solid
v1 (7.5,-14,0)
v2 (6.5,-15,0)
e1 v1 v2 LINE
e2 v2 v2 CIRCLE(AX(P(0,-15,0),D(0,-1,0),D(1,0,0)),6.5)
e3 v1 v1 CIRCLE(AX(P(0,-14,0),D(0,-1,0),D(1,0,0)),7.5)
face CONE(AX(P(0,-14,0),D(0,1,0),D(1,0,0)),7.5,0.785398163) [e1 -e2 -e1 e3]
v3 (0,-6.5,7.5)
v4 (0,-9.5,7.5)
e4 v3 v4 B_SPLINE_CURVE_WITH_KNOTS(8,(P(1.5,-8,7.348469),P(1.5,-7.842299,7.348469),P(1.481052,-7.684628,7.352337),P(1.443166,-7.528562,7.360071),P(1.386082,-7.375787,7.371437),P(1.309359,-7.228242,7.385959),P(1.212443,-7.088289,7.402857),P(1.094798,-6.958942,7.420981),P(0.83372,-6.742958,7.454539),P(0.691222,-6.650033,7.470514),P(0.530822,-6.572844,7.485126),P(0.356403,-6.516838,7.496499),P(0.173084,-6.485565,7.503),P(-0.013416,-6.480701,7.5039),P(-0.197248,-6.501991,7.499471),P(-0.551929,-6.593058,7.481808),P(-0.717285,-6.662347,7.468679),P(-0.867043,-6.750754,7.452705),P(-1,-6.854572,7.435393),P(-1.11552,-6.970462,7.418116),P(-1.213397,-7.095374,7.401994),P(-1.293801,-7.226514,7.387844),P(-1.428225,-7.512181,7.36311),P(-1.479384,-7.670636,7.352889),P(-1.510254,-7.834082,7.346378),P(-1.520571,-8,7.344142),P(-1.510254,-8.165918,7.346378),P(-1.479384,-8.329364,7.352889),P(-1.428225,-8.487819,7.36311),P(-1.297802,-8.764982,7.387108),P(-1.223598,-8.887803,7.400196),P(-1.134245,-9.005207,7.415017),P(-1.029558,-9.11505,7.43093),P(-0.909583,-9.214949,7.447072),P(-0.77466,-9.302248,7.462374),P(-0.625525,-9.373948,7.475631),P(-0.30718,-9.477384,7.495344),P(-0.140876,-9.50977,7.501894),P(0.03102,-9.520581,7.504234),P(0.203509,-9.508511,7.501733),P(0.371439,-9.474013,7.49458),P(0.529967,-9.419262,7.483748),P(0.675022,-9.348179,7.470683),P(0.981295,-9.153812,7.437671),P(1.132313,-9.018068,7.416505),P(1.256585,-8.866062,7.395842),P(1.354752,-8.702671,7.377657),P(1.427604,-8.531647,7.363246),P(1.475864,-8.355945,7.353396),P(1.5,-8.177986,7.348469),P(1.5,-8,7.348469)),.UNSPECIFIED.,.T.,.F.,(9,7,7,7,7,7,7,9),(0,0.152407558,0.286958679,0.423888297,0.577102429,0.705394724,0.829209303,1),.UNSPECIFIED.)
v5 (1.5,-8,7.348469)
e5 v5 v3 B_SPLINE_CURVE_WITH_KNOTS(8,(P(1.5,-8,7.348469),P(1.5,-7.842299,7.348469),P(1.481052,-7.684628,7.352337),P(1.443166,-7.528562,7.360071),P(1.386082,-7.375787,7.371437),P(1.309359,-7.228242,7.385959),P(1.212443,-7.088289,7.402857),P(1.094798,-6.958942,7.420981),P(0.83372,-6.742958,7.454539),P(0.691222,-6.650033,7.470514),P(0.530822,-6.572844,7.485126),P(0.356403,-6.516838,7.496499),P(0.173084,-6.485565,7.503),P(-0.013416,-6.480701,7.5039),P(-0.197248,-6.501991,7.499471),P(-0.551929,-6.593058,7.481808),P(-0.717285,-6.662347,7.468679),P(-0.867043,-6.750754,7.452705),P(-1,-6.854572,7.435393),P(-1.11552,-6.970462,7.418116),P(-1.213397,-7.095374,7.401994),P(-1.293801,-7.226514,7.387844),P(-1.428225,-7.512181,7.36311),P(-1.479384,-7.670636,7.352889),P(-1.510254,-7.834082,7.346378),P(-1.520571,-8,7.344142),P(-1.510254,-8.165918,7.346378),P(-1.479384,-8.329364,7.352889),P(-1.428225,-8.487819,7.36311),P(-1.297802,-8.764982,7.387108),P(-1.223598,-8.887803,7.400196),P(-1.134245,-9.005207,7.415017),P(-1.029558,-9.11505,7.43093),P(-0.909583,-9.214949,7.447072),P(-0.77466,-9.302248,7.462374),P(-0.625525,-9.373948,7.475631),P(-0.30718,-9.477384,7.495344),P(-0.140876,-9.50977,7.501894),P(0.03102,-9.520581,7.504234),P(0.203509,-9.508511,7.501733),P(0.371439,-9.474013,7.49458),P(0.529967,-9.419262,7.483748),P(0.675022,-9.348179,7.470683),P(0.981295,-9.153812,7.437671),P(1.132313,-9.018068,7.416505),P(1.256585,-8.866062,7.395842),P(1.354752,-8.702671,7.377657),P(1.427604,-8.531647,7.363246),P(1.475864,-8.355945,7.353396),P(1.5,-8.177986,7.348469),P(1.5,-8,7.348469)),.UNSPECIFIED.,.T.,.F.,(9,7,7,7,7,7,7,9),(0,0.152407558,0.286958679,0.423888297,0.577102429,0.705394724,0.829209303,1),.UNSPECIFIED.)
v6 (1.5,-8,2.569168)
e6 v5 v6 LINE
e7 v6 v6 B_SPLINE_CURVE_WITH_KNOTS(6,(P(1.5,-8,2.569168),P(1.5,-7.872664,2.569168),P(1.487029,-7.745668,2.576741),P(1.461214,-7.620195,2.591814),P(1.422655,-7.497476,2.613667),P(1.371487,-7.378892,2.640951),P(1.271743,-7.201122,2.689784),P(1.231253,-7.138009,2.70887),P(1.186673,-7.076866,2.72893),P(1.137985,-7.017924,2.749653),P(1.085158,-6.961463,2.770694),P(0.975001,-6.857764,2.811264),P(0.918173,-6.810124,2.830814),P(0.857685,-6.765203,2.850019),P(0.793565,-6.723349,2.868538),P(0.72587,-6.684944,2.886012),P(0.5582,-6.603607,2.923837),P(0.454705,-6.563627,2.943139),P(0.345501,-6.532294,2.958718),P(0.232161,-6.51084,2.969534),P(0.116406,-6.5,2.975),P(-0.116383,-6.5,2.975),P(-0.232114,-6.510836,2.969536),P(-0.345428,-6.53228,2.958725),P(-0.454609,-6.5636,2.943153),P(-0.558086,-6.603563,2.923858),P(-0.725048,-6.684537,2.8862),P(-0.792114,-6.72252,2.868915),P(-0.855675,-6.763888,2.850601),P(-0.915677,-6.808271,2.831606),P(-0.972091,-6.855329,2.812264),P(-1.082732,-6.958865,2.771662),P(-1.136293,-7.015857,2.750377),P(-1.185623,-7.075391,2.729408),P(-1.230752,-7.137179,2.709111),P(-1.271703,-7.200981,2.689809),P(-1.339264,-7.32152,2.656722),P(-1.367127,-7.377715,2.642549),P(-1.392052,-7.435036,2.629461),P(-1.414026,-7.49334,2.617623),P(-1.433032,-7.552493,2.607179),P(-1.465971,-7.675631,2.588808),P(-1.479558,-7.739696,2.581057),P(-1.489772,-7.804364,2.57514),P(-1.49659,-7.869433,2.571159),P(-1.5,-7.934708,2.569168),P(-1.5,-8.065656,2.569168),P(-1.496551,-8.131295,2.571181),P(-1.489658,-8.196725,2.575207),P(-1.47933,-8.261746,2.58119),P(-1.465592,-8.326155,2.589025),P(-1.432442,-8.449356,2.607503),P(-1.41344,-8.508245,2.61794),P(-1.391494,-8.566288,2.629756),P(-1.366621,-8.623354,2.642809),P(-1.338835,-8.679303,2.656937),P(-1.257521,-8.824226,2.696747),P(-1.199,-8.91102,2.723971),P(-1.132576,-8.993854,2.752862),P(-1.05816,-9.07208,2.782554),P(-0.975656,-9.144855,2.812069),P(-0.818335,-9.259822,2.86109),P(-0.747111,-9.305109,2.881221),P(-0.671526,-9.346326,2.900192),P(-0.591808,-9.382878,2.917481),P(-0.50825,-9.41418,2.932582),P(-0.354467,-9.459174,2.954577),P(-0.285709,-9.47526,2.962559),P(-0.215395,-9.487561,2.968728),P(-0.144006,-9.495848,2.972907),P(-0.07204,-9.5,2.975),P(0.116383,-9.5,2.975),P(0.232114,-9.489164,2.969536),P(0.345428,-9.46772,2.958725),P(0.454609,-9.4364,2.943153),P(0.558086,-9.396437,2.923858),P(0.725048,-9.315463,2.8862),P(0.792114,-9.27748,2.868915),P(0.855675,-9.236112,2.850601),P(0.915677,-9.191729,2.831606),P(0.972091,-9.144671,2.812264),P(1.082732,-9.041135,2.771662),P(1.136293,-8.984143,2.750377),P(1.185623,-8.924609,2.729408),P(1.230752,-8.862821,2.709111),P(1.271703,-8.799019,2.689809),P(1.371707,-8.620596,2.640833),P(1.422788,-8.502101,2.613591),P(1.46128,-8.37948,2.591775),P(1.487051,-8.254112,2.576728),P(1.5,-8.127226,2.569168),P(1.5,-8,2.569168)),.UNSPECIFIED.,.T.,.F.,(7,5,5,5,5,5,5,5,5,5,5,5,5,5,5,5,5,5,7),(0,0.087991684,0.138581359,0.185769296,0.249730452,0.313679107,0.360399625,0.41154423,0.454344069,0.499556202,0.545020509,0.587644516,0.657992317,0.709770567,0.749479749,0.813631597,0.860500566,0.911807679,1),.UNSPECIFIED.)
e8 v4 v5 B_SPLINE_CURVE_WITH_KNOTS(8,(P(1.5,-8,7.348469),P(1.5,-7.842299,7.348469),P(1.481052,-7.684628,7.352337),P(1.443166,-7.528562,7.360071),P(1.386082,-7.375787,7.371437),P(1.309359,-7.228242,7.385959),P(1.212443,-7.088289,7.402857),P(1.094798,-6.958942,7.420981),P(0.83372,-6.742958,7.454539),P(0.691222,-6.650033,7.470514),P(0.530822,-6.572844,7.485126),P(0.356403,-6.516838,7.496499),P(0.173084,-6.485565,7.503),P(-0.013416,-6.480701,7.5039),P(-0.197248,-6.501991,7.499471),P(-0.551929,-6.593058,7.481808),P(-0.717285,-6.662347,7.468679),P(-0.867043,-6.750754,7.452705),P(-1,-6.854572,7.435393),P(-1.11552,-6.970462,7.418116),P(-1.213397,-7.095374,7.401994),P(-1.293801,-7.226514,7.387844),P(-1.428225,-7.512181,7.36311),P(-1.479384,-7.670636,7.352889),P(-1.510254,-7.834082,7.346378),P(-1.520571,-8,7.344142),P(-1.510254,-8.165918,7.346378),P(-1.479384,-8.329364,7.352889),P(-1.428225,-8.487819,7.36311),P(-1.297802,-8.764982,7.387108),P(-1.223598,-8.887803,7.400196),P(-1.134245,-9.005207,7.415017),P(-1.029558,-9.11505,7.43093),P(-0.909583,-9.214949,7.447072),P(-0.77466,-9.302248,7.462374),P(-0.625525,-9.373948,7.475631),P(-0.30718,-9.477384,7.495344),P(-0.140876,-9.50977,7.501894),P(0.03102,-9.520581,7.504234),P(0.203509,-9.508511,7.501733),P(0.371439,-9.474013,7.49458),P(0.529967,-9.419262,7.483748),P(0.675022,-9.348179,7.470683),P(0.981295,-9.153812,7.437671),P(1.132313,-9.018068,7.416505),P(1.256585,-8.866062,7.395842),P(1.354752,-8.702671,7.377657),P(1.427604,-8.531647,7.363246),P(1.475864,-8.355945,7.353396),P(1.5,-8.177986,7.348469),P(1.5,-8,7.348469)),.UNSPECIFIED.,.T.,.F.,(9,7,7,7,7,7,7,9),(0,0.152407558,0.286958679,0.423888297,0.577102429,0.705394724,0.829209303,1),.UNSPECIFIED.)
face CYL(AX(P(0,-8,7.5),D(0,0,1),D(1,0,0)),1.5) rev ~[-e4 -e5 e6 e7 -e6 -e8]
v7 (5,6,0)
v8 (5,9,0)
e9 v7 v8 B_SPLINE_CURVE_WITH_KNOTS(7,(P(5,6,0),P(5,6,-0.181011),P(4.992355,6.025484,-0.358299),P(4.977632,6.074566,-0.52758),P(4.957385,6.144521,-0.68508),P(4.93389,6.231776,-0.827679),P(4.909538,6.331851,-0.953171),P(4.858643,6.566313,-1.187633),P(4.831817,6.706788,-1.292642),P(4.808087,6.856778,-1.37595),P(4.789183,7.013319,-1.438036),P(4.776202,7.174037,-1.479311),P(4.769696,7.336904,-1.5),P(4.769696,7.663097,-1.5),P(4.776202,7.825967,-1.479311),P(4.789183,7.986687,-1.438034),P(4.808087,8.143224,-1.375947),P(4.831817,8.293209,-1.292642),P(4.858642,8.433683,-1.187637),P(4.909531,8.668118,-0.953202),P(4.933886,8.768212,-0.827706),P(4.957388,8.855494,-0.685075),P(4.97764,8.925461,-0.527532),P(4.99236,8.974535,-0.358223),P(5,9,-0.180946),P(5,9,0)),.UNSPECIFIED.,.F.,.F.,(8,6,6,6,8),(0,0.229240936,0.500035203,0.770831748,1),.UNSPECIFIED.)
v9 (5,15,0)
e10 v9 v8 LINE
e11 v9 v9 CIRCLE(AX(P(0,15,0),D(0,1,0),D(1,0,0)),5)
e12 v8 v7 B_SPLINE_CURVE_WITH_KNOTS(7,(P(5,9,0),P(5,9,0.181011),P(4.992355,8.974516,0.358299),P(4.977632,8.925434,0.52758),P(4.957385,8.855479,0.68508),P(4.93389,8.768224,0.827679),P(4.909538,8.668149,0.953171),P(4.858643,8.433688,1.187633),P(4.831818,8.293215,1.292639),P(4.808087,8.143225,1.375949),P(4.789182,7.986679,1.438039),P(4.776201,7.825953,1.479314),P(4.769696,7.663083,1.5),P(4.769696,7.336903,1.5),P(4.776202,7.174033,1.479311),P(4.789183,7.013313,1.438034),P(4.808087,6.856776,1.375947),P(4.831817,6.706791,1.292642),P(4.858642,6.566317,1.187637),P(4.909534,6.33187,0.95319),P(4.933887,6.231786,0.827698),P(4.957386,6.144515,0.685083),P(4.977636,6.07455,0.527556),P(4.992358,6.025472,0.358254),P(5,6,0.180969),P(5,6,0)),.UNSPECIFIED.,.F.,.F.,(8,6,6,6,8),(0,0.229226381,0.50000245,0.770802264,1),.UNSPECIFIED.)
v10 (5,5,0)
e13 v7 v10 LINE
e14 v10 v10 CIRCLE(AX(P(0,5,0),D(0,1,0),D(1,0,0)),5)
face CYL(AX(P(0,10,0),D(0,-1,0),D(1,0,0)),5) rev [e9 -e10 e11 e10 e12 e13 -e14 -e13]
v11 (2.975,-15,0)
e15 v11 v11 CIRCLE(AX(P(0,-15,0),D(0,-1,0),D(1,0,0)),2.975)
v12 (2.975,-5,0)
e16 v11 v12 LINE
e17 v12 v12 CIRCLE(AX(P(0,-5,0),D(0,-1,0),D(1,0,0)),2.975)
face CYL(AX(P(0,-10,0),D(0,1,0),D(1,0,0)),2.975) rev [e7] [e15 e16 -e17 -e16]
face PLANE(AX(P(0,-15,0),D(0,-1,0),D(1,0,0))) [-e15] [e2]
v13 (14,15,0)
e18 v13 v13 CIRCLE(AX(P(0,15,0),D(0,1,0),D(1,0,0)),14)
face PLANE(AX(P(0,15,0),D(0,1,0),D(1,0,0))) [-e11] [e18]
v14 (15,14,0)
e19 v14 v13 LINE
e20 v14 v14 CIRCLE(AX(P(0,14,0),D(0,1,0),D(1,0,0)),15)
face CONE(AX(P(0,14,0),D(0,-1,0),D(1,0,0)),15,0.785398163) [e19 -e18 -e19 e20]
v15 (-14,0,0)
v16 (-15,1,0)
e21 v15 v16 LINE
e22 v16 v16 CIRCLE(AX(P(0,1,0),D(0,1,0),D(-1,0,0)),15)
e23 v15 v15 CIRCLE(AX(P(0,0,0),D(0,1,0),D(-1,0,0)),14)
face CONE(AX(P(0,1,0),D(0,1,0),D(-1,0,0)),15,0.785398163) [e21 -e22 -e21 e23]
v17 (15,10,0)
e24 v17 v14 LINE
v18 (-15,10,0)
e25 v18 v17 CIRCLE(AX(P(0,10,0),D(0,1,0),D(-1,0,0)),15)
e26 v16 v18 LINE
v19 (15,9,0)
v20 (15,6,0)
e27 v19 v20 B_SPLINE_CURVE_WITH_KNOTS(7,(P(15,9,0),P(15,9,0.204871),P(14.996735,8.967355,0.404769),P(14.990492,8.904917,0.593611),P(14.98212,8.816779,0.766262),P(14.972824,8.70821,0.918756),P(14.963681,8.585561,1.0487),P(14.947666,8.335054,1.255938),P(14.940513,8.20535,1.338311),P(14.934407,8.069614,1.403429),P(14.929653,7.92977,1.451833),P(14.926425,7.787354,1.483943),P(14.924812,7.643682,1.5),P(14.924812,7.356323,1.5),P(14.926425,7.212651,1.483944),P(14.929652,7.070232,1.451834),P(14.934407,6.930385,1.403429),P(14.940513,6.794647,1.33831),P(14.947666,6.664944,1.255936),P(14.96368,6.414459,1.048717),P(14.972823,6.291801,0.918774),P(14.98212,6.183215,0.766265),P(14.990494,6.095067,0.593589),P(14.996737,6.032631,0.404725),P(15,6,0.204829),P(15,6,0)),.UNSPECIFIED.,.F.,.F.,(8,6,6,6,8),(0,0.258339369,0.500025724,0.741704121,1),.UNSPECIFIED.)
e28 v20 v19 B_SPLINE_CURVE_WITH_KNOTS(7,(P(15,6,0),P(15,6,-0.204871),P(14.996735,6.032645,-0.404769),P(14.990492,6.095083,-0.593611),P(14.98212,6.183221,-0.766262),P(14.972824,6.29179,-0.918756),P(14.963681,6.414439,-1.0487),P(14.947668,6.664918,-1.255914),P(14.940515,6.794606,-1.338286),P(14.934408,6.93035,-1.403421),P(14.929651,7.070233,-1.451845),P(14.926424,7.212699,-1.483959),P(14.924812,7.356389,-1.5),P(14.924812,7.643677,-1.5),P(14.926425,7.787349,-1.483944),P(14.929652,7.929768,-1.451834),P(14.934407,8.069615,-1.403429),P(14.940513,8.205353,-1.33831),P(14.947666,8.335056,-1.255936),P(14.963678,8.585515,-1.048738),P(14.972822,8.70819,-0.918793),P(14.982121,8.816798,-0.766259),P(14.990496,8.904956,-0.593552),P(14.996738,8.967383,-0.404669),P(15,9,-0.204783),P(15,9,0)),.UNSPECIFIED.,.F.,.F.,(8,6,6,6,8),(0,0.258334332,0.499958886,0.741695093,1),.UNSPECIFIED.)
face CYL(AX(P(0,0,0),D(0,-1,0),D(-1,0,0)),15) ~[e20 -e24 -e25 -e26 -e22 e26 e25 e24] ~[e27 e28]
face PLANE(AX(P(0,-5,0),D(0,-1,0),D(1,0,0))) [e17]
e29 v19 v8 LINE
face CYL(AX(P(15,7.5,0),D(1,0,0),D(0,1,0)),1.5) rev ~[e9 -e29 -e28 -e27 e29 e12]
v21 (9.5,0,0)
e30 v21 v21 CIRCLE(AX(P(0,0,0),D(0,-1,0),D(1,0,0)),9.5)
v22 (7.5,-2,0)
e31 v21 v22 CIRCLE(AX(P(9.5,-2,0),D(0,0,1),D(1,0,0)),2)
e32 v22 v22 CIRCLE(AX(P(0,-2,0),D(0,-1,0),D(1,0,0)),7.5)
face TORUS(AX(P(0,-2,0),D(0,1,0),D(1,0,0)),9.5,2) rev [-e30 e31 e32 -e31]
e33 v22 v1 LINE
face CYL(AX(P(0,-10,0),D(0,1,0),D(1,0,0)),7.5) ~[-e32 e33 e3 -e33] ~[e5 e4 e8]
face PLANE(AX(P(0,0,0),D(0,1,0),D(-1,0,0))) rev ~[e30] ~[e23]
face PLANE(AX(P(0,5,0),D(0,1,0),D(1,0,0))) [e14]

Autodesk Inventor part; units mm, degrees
ref_plane "XZ Plane" through (0, 0, 0) normal (0, 1, 0) x (-1, 0, 0)
sketch "Boceto1" plane through (0, 0, 0) normal (0, 1, 0) x (-1, 0, 0)
  circle A0 centre (0, 0) radius 15
  dimension "d0" = 30
extrude "Extrusión1" add sketch "Boceto1" along normal blind 10
sketch "Boceto2" plane through (0, 10, 0) normal (0, 1, 0) x (1, 0, 0)
  circle A0 centre (0, 0) radius 5
  dimension "d3" = 10
extrude "Extrusión2" cut sketch "Boceto2" against normal blind 5
sketch "Boceto3" plane through (0, 0, 0) normal (0, -1, 0) x (1, 0, 0)
  circle A0 centre (0, 0) radius 7.5
  dimension "d6" = 15
extrude "Extrusión3" add sketch "Boceto3" along normal blind 10
sketch "Boceto4" plane through (0, -10, 0) normal (0, -1, 0) x (1, 0, 0)
  circle A0 centre (0, 0) radius 2.975
  dimension "d9" = 5.95
extrude "Extrusión4" cut sketch "Boceto4" against normal blind 5
sketch "Boceto5" plane through (0, 10, 0) normal (0, 1, 0) x (1, 0, 0)
  circle A0 centre (0, 0) radius 5 projected
  circle A1 centre (0, 0) radius 15 projected
extrude "Extrusión5" add sketch "Boceto5" along normal blind 5
sketch "Boceto6" plane through (0, -10, 0) normal (0, -1, 0) x (1, 0, 0)
  circle A0 centre (0, 0) radius 2.975 projected
  circle A1 centre (0, 0) radius 7.5 projected
extrude "Extrusión6" add sketch "Boceto6" along normal blind 5
chamfer "Chaflán1" distance 1 angle 45 1 edges at (-7.5, -15, 0)
chamfer "Chaflán2" distance 1 angle 45 1 edges at (15, 0, 0)
chamfer "Chaflán3" distance 1 angle 45 1 edges at (-15, 15, 0)
fillet "Empalme1" radius 2 1 edges at (-7.5, 0, 0)
ref_plane "Plano de trabajo1" through (15, 0, 0) normal (1, 0, 0) x (0, 1, 0)
sketch "Boceto7" plane through (15, 0, 0) normal (1, 0, 0) x (0, 1, 0)
  line L0 (1, 15) -> (1, -15) projected
  line L1 (14, -15) -> (14, 15) projected
  line L2 (1, -15) -> (14, -15) projected
  line L3 (1, 15) -> (14, 15) projected
  line L4 (7.5, 15) -> (7.5, -15) construction
  circle A0 centre (7.5, 0) radius 1.5
  point P0 (0, 0)
  dimension "d27" = 3
extrude "Extrusión7" cut sketch "Boceto7" against normal blind 11 contours A0
ref_plane "Plano de trabajo2" through (0, 0, 7.5) normal (0, 0, 1) x (1, 0, 0)
sketch "Boceto8" plane through (0, 0, 7.5) normal (0, 0, 1) x (1, 0, 0)
  line L0 (-7.5, -14) -> (7.5, -14) projected
  line L1 (7.5, -2) -> (-7.5, -2) projected
  line L2 (7.5, -2) -> (7.5, -14) projected
  line L3 (-7.5, -2) -> (-7.5, -14) projected
  line L4 (7.5, -8) -> (-7.5, -8) construction
  circle A0 centre (0, -8) radius 1.5
  point P0 (0, 0)
  dimension "d31" = 3
extrude "Extrusión8" cut sketch "Boceto8" against normal blind 6 contours A0
properties part number "Acople_EJE" material "Plástico ABS"
